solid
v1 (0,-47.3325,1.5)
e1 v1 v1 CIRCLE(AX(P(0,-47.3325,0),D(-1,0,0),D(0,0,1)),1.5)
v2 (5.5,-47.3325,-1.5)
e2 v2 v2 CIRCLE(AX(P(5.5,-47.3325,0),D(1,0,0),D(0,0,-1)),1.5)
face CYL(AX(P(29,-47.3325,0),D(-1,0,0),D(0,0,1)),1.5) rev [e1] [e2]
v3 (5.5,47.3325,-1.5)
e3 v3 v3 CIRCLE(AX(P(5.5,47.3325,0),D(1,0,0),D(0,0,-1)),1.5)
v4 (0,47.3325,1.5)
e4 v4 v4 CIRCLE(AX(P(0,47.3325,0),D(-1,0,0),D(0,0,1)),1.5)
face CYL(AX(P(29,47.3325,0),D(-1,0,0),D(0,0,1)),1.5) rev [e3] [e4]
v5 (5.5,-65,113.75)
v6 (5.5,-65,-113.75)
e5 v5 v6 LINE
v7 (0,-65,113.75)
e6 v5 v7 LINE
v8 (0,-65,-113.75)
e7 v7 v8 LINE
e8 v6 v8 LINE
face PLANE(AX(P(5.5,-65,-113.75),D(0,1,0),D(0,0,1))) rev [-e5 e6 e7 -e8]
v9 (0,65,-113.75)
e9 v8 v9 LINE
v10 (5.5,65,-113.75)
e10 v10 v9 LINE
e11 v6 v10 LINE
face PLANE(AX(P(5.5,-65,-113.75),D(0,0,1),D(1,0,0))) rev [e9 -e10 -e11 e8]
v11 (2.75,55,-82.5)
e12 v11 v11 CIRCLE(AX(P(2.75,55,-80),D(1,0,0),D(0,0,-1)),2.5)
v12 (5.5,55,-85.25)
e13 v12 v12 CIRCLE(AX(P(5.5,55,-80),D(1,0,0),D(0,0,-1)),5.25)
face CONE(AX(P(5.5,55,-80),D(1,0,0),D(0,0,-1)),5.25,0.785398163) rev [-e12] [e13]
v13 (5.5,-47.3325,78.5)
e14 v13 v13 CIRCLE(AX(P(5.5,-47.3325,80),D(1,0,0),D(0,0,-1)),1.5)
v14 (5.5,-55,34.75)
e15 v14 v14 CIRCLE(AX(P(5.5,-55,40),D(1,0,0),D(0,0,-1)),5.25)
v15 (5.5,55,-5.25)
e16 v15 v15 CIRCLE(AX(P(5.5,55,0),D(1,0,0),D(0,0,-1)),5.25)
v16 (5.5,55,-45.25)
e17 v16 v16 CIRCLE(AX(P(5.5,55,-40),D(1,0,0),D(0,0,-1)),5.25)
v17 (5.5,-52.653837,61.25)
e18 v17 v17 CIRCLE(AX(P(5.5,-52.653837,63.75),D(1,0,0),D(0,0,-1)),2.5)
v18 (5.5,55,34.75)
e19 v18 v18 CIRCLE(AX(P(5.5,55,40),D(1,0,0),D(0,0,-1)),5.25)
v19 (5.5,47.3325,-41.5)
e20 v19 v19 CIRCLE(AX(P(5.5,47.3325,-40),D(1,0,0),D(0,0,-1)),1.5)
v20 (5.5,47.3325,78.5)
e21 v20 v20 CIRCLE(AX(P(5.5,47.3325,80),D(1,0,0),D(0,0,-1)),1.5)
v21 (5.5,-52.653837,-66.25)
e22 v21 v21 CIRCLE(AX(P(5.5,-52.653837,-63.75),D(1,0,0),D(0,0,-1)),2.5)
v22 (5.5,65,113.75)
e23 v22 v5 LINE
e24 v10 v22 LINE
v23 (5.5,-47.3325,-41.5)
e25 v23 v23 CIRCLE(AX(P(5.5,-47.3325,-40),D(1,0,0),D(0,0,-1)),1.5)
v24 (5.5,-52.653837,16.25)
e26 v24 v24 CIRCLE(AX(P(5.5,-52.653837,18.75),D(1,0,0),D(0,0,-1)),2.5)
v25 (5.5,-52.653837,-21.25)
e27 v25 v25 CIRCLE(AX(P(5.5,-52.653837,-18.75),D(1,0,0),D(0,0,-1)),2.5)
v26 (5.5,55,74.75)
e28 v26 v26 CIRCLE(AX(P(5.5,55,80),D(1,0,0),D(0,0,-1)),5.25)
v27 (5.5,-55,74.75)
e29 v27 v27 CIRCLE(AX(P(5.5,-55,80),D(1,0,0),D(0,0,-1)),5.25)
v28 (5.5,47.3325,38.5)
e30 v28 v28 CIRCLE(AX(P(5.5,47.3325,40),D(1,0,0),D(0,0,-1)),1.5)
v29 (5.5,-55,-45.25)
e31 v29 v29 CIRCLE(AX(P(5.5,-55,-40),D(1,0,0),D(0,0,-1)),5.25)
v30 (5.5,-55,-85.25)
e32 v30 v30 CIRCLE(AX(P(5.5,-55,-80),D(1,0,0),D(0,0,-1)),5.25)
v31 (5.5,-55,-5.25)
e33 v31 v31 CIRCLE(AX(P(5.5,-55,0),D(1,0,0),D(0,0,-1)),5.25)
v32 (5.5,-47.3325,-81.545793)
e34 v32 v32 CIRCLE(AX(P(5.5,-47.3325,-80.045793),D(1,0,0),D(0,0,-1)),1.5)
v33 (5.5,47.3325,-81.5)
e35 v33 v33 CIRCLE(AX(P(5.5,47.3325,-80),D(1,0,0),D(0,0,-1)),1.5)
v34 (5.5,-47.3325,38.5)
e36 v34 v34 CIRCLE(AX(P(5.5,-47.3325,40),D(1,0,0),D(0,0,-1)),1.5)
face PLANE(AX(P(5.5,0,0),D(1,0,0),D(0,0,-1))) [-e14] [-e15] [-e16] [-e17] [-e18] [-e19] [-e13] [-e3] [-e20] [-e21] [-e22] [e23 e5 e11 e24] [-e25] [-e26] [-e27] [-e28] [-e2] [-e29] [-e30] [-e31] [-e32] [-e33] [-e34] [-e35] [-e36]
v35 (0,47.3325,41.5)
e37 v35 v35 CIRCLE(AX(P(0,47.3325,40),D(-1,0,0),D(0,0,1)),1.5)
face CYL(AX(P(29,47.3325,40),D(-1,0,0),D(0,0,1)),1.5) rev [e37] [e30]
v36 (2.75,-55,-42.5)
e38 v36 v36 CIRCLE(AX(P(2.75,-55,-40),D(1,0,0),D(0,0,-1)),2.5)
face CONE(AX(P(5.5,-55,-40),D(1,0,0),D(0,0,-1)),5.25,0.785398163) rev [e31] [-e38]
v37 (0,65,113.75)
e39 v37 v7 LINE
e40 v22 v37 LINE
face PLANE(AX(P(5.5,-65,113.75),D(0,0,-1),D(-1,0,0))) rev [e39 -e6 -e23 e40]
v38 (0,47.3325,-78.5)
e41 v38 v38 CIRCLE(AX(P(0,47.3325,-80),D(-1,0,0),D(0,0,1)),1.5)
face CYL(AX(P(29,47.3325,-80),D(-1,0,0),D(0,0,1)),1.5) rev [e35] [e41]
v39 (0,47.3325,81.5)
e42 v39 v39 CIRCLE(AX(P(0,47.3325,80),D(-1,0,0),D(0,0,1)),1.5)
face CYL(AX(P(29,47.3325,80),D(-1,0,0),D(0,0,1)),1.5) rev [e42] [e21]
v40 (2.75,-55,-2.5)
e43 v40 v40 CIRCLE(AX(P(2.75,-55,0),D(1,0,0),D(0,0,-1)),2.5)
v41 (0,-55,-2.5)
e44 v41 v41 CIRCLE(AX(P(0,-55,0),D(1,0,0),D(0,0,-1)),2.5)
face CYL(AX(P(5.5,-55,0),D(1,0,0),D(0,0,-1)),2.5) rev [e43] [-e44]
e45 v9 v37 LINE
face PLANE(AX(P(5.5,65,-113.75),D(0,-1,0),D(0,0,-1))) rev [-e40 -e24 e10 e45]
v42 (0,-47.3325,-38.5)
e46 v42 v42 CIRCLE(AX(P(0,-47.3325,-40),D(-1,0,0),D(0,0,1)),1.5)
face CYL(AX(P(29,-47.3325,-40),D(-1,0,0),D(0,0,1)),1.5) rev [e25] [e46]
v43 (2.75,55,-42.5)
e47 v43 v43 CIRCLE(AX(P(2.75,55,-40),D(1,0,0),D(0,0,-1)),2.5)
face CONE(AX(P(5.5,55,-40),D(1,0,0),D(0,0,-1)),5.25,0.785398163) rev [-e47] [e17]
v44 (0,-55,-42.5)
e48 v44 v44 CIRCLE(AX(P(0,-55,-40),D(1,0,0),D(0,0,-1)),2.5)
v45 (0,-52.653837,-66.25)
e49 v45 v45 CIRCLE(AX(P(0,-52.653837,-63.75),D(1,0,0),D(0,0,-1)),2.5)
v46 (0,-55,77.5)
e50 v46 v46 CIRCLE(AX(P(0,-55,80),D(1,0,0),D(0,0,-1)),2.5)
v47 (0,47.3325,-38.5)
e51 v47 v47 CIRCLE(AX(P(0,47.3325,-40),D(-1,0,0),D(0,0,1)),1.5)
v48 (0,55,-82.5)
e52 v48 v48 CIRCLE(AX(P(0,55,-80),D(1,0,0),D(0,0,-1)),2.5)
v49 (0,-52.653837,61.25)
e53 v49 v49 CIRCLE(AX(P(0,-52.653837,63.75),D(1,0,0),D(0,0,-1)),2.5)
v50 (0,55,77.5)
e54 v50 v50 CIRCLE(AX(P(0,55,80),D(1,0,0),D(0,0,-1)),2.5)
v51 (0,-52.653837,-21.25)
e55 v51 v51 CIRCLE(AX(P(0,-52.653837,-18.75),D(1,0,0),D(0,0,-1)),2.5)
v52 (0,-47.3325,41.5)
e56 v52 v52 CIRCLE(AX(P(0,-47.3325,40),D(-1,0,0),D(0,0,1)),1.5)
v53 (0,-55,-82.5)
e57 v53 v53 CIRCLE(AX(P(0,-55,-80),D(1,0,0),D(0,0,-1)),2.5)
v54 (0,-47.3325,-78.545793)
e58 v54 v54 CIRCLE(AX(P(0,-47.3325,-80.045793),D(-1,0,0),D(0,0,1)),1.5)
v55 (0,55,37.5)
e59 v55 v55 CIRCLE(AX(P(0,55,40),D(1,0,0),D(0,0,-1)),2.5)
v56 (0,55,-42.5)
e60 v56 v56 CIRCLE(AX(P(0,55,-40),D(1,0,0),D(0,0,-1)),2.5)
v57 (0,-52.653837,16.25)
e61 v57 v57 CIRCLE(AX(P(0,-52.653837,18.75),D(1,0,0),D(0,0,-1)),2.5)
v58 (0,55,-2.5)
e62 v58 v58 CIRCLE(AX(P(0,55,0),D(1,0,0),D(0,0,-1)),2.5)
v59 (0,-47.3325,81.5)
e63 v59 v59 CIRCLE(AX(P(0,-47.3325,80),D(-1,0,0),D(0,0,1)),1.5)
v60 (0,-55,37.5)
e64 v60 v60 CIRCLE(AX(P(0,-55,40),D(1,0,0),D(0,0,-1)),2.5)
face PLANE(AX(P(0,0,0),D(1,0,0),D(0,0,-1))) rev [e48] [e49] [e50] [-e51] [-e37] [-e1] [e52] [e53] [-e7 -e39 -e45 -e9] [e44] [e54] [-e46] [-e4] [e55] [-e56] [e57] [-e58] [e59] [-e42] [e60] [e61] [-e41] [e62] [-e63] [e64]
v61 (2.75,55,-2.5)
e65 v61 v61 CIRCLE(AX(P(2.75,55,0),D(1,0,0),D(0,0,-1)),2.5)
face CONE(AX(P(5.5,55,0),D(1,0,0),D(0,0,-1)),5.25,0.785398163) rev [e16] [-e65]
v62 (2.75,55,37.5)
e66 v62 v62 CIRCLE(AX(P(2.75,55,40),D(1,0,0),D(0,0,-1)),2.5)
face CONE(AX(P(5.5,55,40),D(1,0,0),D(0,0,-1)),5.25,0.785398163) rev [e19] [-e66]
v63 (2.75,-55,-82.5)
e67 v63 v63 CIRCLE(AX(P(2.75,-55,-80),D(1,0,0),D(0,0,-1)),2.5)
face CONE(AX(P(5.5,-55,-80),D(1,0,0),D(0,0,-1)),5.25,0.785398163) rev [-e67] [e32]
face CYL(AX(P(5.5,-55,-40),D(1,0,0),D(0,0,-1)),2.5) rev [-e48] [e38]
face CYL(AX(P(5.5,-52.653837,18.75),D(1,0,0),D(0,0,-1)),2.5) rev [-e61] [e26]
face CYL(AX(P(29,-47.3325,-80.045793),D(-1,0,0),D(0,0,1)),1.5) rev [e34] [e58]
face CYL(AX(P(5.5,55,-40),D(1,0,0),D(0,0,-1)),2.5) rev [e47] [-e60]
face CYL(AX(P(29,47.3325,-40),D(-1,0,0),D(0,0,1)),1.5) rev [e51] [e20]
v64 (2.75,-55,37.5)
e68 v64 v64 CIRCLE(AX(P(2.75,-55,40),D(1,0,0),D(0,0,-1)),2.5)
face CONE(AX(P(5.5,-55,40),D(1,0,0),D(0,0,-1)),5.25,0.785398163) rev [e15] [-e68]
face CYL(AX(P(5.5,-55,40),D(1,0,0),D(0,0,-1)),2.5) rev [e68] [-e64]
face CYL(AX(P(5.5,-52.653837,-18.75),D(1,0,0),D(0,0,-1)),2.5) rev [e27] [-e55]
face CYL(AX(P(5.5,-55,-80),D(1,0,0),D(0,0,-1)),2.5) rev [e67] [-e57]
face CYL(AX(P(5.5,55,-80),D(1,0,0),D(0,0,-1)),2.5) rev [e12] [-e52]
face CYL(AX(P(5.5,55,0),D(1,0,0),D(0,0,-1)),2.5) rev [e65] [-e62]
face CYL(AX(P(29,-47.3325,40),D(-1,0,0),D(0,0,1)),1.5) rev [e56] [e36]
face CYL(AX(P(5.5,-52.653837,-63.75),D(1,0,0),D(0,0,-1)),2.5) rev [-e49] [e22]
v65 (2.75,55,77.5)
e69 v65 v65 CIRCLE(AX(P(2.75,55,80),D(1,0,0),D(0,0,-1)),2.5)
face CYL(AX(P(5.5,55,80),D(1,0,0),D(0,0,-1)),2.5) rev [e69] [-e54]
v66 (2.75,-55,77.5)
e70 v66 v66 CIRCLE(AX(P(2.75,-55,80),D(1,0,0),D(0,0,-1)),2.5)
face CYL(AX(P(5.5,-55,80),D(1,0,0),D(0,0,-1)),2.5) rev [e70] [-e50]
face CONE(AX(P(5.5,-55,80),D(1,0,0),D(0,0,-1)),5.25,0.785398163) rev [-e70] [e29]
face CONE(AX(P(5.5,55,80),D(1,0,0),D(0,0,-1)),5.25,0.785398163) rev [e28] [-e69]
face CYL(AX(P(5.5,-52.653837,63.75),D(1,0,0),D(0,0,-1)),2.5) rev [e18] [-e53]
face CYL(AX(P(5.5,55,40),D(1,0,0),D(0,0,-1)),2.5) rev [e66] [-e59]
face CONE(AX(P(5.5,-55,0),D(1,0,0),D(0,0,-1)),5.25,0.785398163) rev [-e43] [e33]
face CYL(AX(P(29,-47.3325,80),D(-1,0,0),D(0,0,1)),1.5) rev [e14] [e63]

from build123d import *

# Parameters (mm, degrees)
SKETCH1_W                                            = 227.5
SKETCH1_H                                            = 130
BOSS_EXTRUDE1_DEPTH                                  = 5.5
CSK_FOR_M5_HEX_SOCKET_COUNTERSUNK_CAP_SC_D           = 5
CSK_FOR_M5_HEX_SOCKET_COUNTERSUNK_CAP_SC_CSINK_D     = 10.5
CSK_FOR_M5_HEX_SOCKET_COUNTERSUNK_CAP_SC_CSINK_ANGLE = 90
TAP_DRILL_FOR_M5X0_8_TAP1_D                          = 5
SKETCH9_R                                            = 1.5
CUT_EXTRUDE1_DEPTH                                   = 29
SKETCH10_R                                           = 1.5
CUT_EXTRUDE2_DEPTH                                   = 29


with BuildPart() as part:
    # Sketch1 → Boss-Extrude1 (new body)
    with BuildSketch(Plane(origin=(0, 0, 0), x_dir=(0, 0, -1), z_dir=(1, 0, 0))):
        Rectangle(SKETCH1_W, SKETCH1_H)
    extrude(amount=BOSS_EXTRUDE1_DEPTH)

    # CSK for M5 Hex Socket Countersunk Cap Screw1 (through all)
    with Locations(Plane(origin=(5.5, 0, 0), x_dir=(0, 0, -1), z_dir=(1, 0, 0))):
        with Locations((80, 55), (40, 55), (0, 55), (-40, 55), (-80, 55), (-80, -55), (-40, -55), (0, -55), (40, -55), (80, -55)):
            CounterSinkHole(CSK_FOR_M5_HEX_SOCKET_COUNTERSUNK_CAP_SC_D / 2, CSK_FOR_M5_HEX_SOCKET_COUNTERSUNK_CAP_SC_CSINK_D / 2, counter_sink_angle=CSK_FOR_M5_HEX_SOCKET_COUNTERSUNK_CAP_SC_CSINK_ANGLE)

    # Tap Drill for M5x0.8 Tap1 (through all)
    with Locations(Plane(origin=(5.5, 0, 0), x_dir=(0, 0, -1), z_dir=(1, 0, 0))):
        with Locations((-63.75, -52.653836842), (-18.75, -52.653836842), (18.75, -52.653836842), (63.75, -52.653836842)):
            Hole(TAP_DRILL_FOR_M5X0_8_TAP1_D / 2)

    # Sketch9 → Cut-Extrude1 (cut)
    with BuildSketch(Plane.ZY):
        with Locations((-80.045792536, -47.3325)):
            Circle(SKETCH9_R)
        with Locations((-40, -47.3325)):
            Circle(SKETCH9_R)
        with Locations((0, -47.3325)):
            Circle(SKETCH9_R)
        with Locations((40, -47.3325)):
            Circle(SKETCH9_R)
        with Locations((80, -47.3325)):
            Circle(SKETCH9_R)
    extrude(amount=-CUT_EXTRUDE1_DEPTH, mode=Mode.SUBTRACT)

    # Sketch10 → Cut-Extrude2 (cut)
    with BuildSketch(Plane.ZY):
        with Locations((-80, 47.3325)):
            Circle(SKETCH10_R)
        with Locations((-40, 47.3325)):
            Circle(SKETCH10_R)
        with Locations((0, 47.3325)):
            Circle(SKETCH10_R)
        with Locations((40, 47.3325)):
            Circle(SKETCH10_R)
        with Locations((80, 47.3325)):
            Circle(SKETCH10_R)
    extrude(amount=-CUT_EXTRUDE2_DEPTH, mode=Mode.SUBTRACT)


solid = part.part
